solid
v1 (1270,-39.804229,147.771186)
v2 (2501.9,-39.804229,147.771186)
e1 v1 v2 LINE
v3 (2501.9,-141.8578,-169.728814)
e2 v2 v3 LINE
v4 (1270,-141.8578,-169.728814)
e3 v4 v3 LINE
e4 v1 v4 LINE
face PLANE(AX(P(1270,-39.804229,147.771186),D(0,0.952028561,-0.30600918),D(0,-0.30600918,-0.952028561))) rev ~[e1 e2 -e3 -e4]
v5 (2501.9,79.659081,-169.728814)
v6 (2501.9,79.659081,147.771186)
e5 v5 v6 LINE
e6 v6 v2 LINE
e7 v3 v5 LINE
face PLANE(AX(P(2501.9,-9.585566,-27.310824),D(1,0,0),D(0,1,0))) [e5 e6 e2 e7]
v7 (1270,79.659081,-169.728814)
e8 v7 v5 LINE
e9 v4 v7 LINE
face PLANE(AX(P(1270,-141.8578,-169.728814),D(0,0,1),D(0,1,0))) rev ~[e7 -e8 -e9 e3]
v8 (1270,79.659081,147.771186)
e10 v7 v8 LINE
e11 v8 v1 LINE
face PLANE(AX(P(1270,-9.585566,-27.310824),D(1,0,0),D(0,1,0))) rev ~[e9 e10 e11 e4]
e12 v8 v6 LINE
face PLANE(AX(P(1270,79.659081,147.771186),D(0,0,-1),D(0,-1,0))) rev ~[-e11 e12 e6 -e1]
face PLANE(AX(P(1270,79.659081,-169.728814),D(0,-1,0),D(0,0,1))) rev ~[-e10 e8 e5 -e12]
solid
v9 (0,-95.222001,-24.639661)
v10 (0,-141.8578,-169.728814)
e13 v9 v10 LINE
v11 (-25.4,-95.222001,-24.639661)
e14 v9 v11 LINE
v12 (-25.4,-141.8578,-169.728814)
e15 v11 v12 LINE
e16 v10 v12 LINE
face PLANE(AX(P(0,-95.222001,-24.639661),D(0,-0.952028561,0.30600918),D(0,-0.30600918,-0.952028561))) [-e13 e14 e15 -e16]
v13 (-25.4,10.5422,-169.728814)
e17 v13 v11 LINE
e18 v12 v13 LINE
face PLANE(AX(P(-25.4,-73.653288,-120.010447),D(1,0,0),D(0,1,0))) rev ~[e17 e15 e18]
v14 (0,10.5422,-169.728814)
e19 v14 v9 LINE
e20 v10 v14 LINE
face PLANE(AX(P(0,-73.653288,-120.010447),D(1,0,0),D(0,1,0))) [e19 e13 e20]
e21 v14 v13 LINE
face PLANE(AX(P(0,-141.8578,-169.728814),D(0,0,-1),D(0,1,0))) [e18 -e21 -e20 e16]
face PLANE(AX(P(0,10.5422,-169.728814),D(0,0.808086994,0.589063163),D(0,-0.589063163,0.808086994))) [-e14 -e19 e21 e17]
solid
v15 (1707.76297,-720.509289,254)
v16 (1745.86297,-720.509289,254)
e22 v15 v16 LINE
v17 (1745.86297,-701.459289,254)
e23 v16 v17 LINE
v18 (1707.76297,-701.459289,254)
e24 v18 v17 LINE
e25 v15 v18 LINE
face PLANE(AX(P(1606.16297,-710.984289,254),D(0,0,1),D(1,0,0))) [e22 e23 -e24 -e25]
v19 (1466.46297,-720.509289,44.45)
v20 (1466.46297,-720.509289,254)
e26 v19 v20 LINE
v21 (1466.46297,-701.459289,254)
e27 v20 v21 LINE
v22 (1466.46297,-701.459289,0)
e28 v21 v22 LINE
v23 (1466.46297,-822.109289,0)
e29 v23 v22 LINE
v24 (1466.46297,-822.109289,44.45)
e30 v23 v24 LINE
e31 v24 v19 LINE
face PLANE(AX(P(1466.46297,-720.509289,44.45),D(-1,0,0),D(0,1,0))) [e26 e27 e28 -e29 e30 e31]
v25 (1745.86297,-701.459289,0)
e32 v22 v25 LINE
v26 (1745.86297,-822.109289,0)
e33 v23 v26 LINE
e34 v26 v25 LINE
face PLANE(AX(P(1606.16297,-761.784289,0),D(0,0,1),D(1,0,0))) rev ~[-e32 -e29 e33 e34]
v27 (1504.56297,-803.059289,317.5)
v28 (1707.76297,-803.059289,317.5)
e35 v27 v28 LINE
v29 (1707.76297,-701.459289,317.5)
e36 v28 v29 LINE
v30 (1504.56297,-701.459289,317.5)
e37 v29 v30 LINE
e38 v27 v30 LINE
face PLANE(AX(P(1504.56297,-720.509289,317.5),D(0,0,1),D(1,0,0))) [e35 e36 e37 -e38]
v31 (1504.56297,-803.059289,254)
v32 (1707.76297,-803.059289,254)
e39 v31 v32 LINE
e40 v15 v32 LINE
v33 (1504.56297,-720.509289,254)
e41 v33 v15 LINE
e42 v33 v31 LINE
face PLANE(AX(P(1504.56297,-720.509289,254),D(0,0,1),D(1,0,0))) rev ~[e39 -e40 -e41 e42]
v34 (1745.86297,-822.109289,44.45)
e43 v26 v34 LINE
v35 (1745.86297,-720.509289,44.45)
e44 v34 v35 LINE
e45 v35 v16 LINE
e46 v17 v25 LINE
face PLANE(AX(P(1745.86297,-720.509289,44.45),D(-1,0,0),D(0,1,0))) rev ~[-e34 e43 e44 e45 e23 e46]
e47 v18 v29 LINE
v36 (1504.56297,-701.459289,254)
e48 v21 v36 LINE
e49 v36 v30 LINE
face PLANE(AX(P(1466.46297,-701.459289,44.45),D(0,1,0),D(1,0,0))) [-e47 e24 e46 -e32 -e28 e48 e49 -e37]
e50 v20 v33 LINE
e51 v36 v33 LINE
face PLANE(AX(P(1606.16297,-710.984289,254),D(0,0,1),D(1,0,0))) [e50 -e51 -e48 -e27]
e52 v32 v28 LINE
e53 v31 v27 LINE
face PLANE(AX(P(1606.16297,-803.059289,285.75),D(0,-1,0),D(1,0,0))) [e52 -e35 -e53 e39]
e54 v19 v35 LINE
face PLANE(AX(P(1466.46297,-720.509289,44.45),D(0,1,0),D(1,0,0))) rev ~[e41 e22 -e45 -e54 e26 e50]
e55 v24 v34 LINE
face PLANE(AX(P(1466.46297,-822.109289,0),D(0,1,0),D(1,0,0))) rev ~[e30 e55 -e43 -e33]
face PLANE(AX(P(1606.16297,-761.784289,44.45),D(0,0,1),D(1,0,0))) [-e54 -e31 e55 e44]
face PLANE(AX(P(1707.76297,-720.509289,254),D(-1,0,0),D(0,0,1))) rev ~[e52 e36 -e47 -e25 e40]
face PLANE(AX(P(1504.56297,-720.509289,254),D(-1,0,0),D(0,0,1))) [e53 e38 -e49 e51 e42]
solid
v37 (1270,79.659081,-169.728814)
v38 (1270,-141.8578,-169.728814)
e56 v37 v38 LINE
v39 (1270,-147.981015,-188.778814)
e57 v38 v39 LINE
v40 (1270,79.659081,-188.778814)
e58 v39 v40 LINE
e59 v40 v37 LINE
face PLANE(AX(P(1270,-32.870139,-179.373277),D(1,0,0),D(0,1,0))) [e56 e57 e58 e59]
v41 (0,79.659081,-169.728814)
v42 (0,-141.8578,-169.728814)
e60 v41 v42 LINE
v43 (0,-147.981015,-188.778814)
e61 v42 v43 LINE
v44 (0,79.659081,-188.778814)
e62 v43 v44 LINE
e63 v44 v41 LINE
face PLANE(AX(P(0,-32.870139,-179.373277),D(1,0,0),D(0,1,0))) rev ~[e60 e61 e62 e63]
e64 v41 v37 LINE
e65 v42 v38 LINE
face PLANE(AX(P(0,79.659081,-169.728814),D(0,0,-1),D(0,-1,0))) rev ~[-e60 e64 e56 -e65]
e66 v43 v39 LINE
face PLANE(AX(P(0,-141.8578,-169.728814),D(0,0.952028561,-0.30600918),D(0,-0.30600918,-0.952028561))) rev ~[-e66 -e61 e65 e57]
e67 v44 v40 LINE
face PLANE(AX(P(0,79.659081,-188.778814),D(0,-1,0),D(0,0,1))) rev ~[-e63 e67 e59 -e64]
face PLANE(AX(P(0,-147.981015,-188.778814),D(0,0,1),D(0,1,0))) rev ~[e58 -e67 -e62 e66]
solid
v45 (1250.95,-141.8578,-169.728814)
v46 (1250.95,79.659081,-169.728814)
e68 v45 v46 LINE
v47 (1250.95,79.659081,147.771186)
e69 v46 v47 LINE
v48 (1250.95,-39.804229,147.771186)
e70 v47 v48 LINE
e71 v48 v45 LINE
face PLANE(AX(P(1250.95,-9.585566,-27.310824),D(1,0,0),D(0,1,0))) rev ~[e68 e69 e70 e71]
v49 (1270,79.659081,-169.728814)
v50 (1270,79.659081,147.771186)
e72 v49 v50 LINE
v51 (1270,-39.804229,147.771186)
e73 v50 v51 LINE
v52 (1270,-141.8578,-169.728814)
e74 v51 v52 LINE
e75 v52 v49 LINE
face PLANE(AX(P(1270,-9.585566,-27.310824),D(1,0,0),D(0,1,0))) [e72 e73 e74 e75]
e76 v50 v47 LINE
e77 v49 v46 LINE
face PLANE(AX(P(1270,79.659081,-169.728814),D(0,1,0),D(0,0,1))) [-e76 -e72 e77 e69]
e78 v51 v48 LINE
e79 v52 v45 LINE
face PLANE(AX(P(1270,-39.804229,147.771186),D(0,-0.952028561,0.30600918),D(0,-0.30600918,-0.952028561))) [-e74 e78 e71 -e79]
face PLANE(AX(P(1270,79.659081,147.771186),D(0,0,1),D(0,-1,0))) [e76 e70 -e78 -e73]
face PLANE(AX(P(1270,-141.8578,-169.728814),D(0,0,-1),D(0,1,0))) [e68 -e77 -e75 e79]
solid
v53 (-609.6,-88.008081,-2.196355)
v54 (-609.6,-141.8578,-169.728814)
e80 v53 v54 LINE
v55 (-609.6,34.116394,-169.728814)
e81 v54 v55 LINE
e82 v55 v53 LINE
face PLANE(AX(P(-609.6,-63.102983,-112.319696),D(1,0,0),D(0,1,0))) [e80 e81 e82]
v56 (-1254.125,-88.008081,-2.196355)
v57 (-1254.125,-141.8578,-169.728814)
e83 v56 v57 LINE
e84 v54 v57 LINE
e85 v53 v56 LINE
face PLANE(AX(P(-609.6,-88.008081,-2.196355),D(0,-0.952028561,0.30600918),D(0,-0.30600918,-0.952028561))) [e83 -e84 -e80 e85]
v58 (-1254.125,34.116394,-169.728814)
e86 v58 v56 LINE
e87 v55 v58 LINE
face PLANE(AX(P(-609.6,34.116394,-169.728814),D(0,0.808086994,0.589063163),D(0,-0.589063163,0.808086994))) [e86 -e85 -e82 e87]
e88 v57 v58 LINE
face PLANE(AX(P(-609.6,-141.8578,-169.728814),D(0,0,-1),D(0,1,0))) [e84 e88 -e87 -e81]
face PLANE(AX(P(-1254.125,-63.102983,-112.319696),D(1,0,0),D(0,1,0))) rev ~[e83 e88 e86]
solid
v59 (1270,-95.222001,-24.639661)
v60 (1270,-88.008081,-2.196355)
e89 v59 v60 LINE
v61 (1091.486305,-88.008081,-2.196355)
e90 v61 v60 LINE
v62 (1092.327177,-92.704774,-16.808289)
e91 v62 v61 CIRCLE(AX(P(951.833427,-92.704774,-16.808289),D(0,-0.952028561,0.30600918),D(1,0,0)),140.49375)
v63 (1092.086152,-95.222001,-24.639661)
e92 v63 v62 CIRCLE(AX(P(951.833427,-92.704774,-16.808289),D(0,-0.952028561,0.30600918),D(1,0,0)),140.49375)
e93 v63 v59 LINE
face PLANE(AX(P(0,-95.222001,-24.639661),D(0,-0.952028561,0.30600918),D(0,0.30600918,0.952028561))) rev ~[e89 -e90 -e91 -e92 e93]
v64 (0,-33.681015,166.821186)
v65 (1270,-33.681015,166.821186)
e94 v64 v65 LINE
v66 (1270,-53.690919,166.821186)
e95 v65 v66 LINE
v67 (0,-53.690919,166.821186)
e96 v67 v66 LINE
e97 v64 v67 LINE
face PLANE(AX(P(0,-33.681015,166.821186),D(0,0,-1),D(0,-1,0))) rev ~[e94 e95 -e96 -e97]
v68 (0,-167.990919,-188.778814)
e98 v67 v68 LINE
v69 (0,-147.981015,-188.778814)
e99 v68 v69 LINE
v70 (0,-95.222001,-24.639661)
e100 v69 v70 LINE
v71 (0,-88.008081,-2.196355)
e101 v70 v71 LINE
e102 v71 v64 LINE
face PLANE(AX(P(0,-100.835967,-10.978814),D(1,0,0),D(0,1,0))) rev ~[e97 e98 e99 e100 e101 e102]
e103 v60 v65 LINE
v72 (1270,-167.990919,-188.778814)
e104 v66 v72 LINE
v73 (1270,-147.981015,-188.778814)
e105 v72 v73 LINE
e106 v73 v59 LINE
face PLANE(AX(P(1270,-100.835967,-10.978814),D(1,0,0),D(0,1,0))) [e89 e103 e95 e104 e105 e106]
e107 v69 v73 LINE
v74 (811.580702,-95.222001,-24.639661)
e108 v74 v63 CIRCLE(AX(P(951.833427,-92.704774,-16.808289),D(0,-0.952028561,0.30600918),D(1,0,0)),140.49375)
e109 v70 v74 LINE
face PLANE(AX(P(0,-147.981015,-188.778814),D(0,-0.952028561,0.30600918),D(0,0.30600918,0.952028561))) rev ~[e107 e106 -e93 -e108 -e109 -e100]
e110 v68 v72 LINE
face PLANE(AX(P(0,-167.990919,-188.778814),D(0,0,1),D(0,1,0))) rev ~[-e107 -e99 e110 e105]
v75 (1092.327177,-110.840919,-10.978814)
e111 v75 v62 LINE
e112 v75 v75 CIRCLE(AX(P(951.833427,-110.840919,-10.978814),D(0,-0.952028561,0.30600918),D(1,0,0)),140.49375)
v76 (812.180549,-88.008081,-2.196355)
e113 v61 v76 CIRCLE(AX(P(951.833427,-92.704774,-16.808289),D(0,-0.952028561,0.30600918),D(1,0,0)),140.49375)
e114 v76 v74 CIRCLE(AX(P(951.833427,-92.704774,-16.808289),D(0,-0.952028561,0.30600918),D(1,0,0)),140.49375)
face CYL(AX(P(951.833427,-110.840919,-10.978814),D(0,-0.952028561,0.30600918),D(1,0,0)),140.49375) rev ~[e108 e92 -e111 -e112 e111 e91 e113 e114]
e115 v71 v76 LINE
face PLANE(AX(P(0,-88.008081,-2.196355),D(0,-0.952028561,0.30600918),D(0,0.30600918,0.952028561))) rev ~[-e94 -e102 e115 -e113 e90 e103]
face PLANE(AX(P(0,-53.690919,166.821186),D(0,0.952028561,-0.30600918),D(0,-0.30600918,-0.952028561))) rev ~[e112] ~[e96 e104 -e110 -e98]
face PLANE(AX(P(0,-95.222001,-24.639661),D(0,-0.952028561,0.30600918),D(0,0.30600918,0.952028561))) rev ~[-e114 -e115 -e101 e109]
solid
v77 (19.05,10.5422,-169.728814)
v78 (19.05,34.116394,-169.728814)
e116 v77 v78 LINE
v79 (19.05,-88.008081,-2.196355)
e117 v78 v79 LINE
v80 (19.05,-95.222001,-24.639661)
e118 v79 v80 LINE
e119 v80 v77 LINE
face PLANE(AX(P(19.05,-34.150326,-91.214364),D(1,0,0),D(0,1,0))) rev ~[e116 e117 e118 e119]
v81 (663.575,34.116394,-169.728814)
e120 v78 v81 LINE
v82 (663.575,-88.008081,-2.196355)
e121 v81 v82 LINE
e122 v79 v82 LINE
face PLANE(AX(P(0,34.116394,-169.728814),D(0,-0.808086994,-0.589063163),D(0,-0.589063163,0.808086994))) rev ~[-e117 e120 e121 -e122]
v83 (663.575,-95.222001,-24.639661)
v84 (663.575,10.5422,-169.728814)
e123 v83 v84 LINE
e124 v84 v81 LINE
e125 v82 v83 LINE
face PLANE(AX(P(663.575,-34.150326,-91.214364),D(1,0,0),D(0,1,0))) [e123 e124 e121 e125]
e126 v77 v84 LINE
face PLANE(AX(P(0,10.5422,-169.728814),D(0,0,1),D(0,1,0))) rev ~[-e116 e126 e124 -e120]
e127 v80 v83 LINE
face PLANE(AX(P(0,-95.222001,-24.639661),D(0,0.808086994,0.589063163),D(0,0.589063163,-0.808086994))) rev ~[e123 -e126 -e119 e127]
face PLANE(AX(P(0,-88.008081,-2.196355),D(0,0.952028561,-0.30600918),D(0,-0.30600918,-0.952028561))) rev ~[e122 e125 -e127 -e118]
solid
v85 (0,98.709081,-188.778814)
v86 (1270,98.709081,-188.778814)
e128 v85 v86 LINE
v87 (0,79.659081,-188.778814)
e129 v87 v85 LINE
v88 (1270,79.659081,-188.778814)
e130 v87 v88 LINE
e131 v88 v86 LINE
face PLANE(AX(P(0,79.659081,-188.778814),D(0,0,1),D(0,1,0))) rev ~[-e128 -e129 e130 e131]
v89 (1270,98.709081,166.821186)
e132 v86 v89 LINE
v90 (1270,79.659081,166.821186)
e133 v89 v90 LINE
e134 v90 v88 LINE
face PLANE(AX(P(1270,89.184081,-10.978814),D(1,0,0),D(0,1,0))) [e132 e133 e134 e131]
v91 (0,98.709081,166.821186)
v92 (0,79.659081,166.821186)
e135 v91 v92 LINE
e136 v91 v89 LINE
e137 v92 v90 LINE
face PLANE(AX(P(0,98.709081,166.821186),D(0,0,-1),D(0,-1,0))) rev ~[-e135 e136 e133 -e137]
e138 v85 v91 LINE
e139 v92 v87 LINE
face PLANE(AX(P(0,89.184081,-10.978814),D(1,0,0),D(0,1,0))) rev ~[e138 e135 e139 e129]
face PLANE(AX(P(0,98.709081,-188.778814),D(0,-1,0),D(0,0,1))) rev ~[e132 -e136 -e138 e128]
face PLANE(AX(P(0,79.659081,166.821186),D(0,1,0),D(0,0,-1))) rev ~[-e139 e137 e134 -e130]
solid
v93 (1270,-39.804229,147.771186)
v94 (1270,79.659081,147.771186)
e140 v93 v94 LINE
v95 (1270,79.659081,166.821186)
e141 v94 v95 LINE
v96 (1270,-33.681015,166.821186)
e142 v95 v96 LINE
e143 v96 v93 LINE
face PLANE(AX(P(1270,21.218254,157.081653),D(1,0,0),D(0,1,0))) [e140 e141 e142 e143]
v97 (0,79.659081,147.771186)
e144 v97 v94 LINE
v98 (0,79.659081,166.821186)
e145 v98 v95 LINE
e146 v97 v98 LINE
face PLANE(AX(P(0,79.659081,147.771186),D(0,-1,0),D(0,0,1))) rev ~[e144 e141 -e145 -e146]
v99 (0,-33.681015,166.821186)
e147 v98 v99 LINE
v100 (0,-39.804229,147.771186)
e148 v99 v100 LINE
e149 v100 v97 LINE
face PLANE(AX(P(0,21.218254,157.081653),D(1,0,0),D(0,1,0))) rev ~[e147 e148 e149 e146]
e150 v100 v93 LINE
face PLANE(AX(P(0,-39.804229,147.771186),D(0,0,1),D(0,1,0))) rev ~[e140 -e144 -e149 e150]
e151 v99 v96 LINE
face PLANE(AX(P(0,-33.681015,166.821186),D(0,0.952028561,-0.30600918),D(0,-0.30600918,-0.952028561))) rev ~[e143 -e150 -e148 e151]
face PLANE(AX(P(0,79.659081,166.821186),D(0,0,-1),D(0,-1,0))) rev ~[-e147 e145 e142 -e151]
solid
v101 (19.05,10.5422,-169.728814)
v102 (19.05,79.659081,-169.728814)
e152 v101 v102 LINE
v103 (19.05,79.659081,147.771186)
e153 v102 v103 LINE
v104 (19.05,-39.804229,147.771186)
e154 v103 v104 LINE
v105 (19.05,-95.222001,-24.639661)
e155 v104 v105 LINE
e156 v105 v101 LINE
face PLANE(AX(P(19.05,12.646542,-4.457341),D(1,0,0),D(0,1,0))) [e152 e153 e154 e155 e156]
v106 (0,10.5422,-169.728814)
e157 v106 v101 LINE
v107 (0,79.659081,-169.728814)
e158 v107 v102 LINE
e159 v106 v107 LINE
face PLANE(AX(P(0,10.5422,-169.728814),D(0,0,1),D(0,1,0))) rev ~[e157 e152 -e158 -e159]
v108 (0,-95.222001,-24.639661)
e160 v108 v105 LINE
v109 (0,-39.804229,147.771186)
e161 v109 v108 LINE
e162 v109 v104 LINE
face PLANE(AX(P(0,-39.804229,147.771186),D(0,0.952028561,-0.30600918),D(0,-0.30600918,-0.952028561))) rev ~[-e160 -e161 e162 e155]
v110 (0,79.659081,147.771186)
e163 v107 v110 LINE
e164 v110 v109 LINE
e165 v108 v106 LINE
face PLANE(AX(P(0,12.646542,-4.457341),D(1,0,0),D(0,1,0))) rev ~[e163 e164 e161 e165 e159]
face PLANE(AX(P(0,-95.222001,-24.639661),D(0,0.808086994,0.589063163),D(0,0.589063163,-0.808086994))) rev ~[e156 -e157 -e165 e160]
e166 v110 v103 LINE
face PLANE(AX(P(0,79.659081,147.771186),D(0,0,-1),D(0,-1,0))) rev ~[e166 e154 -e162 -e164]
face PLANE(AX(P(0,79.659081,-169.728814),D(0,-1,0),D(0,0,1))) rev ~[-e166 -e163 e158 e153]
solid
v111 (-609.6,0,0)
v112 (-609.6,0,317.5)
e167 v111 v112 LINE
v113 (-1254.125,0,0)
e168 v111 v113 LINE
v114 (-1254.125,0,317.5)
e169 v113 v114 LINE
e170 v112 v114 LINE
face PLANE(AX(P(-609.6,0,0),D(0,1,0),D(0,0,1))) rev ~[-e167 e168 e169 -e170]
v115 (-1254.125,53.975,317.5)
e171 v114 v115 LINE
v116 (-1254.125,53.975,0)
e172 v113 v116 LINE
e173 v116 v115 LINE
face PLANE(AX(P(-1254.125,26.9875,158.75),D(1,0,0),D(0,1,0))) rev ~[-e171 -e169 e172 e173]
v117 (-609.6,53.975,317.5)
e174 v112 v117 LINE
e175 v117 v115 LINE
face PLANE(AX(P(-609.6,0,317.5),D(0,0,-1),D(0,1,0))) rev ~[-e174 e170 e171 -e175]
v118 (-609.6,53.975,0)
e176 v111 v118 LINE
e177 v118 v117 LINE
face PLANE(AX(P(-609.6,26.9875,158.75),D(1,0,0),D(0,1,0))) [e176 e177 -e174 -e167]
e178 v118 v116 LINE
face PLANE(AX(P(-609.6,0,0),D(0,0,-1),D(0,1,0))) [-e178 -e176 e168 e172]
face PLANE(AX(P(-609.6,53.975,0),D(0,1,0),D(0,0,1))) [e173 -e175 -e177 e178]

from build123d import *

# Parameters (mm, degrees)
F1_DEPTH  = 1270
F2_DEPTH  = 1270
F3_DEPTH  = 1270
F4_DEPTH  = 1270
F5_DEPTH  = 663.575
F6_DEPTH  = 19.05
F8_DEPTH  = 19.05
F10_DEPTH = 19.05
F12_DEPTH = 19.05
F14_DEPTH = 1231.9
F17_DEPTH = 644.525
F18_W     = 53.975
F18_H     = 317.5
F19_DEPTH = 644.525
F21_DEPTH = 25.4
F22_R     = 140.49375
F23_DEPTH = 25.4
F25_W     = 279.4
F25_H     = 120.65
F26_DEPTH = 44.45
F27_W     = 279.4
F27_H     = 19.05
F28_DEPTH = 209.55
F30_DEPTH = 63.5
F31_W     = 203.2
F31_H     = 63.5
F32_DEPTH = 82.55
F34_DEPTH = 25.4


with BuildPart() as f1:
    # F0 (on Right) → F1 (new body)
    with BuildSketch(Plane.YZ):
        Polygon((-53.6909185494, 166.8211857855), (-167.9909185494, -188.7788142145), (-147.9810146719, -188.7788142145), (-141.8578003862, -169.7288142145), (-95.2220012912, -24.6396614746), (-88.0080813437, -2.1963549711), (-39.8042289576, 147.7711857855), (-33.6810146719, 166.8211857855), align=None)
    extrude(amount=F1_DEPTH)

    # F22 (on face) → F23 (cut)
    with BuildSketch(Plane(origin=(0, -97.2631433072, 31.2631532059), x_dir=(1, 0, 0), z_dir=(0, -0.9520285613, 0.3060091804))):
        with Locations((951.8334269524, -44.3704833428)):
            Circle(F22_R)
    extrude(amount=-F23_DEPTH, mode=Mode.SUBTRACT)


with BuildPart() as f2:
    # F0 (on Right) → F2 (new body)
    with BuildSketch(Plane.YZ):
        Polygon((79.6590814506, 166.8211857855), (-33.6810146719, 166.8211857855), (-39.8042289576, 147.7711857855), (79.6590814506, 147.7711857855), align=None)
    extrude(amount=F2_DEPTH)


with BuildPart() as f3:
    # F0 (on Right) → F3 (new body)
    with BuildSketch(Plane.YZ):
        Polygon((79.6590814506, -169.7288142145), (79.6590814506, -188.7788142145), (98.7090814506, -188.7788142145), (98.7090814506, 166.8211857855), (79.6590814506, 166.8211857855), (79.6590814506, 147.7711857855), align=None)
    extrude(amount=F3_DEPTH)


with BuildPart() as f4:
    # F0 (on Right) → F4 (new body)
    with BuildSketch(Plane.YZ):
        Polygon((-141.8578003862, -169.7288142145), (-147.9810146719, -188.7788142145), (79.6590814506, -188.7788142145), (79.6590814506, -169.7288142145), (34.1163941456, -169.7288142145), (10.5421996138, -169.7288142145), align=None)
    extrude(amount=F4_DEPTH)


with BuildPart() as f5:
    # F0 (on Right) → F5 (new body)
    with BuildSketch(Plane.YZ):
        Polygon((-88.0080813437, -2.1963549711), (-95.2220012912, -24.6396614746), (10.5421996138, -169.7288142145), (34.1163941456, -169.7288142145), align=None)
    extrude(amount=F5_DEPTH)

    # F0 (on Right) → F8 (cut)
    with BuildSketch(Plane.YZ):
        Polygon((-88.0080813437, -2.1963549711), (-95.2220012912, -24.6396614746), (10.5421996138, -169.7288142145), (34.1163941456, -169.7288142145), align=None)
    extrude(amount=F8_DEPTH, mode=Mode.SUBTRACT)


with BuildPart() as f6:
    # F0 (on Right) → F6 (new body)
    with BuildSketch(Plane.YZ):
        Polygon((34.1163941456, -169.7288142145), (79.6590814506, -169.7288142145), (79.6590814506, 147.7711857855), (-39.8042289576, 147.7711857855), (-88.0080813437, -2.1963549711), align=None)
    extrude(amount=F6_DEPTH)


with BuildPart() as f10:
    # F9 (on face) → F10 (new body)
    with BuildSketch(Plane.YZ):
        Polygon((79.6590814506, -169.7288142145), (79.6590814506, 147.7711857855), (-39.8042289576, 147.7711857855), (-95.2220012912, -24.6396614746), (10.5421996138, -169.7288142145), align=None)
    extrude(amount=F10_DEPTH)


with BuildPart() as f12:
    # F11 (on face) → F12 (new body)
    with BuildSketch(Plane.YZ.offset(1270)):
        Polygon((79.6590814506, 147.7711857855), (-39.8042289576, 147.7711857855), (-141.8578003862, -169.7288142145), (79.6590814506, -169.7288142145), align=None)
    extrude(amount=-F12_DEPTH)


with BuildPart() as f14:
    # F13 (on face) → F14 (new body)
    with BuildSketch(Plane.YZ.offset(1270)):
        Polygon((79.6590814506, 147.7711857855), (-39.8042289576, 147.7711857855), (-141.8578003862, -169.7288142145), (79.6590814506, -169.7288142145), align=None)
    extrude(amount=F14_DEPTH)


with BuildPart() as f17:
    # F16 (on offset) → F17 (new body)
    with BuildSketch(Plane.YZ.offset(-609.6)):
        Polygon((34.1163941456, -169.7288142145), (-88.0080813437, -2.1963549711), (-141.8578003862, -169.7288142145), align=None)
    extrude(amount=-F17_DEPTH)


with BuildPart() as f19:
    # F18 (on offset) → F19 (new body)
    with BuildSketch(Plane.YZ.offset(-609.6)):
        with Locations((26.9875, 158.75)):
            Rectangle(F18_W, F18_H)
    extrude(amount=-F19_DEPTH)


with BuildPart() as f21:
    # F0 (on Right) → F21 (new body)
    with BuildSketch(Plane.YZ):
        Polygon((-95.2220012912, -24.6396614746), (-141.8578003862, -169.7288142145), (10.5421996138, -169.7288142145), align=None)
    extrude(amount=-F21_DEPTH)


with BuildPart() as f26:
    # F25 (on Top) → F26 (new body)
    with BuildSketch(Plane.XY):
        with Locations((1606.16296978, -761.7842885971)):
            Rectangle(F25_W, F25_H)
    extrude(amount=F26_DEPTH)

    # F27 (on face) → F28 (join)
    with BuildSketch(Plane.XY.offset(44.45)):
        with Locations((1606.16296978, -710.9842885971)):
            Rectangle(F27_W, F27_H)
    extrude(amount=F28_DEPTH)

    # F29 (on face) → F30 (join)
    with BuildSketch(Plane.XY.offset(254)):
        Polygon((1504.56296978, -720.5092885971), (1606.16296978, -720.5092885971), (1707.76296978, -720.5092885971), (1707.76296978, -701.4592885971), (1504.56296978, -701.4592885971), align=None)
    extrude(amount=F30_DEPTH)

    # F31 (on face) → F32 (join)
    with BuildSketch(Plane.XZ.offset(720.5092885971)):
        with Locations((1606.16296978, 285.75)):
            Rectangle(F31_W, F31_H)
    extrude(amount=F32_DEPTH)


with BuildPart() as f34:
    # F33 (on face) → F34 (new body)
    with BuildSketch(Plane.YZ):
        Polygon((10.5421996138, -169.7288142145), (-95.2220012912, -24.6396614746), (-141.8578003862, -169.7288142145), align=None)
    extrude(amount=-F34_DEPTH)


solid = Compound([f1.part, f2.part, f3.part, f4.part, f5.part, f10.part, f12.part, f14.part, f17.part, f19.part, f26.part, f34.part])
